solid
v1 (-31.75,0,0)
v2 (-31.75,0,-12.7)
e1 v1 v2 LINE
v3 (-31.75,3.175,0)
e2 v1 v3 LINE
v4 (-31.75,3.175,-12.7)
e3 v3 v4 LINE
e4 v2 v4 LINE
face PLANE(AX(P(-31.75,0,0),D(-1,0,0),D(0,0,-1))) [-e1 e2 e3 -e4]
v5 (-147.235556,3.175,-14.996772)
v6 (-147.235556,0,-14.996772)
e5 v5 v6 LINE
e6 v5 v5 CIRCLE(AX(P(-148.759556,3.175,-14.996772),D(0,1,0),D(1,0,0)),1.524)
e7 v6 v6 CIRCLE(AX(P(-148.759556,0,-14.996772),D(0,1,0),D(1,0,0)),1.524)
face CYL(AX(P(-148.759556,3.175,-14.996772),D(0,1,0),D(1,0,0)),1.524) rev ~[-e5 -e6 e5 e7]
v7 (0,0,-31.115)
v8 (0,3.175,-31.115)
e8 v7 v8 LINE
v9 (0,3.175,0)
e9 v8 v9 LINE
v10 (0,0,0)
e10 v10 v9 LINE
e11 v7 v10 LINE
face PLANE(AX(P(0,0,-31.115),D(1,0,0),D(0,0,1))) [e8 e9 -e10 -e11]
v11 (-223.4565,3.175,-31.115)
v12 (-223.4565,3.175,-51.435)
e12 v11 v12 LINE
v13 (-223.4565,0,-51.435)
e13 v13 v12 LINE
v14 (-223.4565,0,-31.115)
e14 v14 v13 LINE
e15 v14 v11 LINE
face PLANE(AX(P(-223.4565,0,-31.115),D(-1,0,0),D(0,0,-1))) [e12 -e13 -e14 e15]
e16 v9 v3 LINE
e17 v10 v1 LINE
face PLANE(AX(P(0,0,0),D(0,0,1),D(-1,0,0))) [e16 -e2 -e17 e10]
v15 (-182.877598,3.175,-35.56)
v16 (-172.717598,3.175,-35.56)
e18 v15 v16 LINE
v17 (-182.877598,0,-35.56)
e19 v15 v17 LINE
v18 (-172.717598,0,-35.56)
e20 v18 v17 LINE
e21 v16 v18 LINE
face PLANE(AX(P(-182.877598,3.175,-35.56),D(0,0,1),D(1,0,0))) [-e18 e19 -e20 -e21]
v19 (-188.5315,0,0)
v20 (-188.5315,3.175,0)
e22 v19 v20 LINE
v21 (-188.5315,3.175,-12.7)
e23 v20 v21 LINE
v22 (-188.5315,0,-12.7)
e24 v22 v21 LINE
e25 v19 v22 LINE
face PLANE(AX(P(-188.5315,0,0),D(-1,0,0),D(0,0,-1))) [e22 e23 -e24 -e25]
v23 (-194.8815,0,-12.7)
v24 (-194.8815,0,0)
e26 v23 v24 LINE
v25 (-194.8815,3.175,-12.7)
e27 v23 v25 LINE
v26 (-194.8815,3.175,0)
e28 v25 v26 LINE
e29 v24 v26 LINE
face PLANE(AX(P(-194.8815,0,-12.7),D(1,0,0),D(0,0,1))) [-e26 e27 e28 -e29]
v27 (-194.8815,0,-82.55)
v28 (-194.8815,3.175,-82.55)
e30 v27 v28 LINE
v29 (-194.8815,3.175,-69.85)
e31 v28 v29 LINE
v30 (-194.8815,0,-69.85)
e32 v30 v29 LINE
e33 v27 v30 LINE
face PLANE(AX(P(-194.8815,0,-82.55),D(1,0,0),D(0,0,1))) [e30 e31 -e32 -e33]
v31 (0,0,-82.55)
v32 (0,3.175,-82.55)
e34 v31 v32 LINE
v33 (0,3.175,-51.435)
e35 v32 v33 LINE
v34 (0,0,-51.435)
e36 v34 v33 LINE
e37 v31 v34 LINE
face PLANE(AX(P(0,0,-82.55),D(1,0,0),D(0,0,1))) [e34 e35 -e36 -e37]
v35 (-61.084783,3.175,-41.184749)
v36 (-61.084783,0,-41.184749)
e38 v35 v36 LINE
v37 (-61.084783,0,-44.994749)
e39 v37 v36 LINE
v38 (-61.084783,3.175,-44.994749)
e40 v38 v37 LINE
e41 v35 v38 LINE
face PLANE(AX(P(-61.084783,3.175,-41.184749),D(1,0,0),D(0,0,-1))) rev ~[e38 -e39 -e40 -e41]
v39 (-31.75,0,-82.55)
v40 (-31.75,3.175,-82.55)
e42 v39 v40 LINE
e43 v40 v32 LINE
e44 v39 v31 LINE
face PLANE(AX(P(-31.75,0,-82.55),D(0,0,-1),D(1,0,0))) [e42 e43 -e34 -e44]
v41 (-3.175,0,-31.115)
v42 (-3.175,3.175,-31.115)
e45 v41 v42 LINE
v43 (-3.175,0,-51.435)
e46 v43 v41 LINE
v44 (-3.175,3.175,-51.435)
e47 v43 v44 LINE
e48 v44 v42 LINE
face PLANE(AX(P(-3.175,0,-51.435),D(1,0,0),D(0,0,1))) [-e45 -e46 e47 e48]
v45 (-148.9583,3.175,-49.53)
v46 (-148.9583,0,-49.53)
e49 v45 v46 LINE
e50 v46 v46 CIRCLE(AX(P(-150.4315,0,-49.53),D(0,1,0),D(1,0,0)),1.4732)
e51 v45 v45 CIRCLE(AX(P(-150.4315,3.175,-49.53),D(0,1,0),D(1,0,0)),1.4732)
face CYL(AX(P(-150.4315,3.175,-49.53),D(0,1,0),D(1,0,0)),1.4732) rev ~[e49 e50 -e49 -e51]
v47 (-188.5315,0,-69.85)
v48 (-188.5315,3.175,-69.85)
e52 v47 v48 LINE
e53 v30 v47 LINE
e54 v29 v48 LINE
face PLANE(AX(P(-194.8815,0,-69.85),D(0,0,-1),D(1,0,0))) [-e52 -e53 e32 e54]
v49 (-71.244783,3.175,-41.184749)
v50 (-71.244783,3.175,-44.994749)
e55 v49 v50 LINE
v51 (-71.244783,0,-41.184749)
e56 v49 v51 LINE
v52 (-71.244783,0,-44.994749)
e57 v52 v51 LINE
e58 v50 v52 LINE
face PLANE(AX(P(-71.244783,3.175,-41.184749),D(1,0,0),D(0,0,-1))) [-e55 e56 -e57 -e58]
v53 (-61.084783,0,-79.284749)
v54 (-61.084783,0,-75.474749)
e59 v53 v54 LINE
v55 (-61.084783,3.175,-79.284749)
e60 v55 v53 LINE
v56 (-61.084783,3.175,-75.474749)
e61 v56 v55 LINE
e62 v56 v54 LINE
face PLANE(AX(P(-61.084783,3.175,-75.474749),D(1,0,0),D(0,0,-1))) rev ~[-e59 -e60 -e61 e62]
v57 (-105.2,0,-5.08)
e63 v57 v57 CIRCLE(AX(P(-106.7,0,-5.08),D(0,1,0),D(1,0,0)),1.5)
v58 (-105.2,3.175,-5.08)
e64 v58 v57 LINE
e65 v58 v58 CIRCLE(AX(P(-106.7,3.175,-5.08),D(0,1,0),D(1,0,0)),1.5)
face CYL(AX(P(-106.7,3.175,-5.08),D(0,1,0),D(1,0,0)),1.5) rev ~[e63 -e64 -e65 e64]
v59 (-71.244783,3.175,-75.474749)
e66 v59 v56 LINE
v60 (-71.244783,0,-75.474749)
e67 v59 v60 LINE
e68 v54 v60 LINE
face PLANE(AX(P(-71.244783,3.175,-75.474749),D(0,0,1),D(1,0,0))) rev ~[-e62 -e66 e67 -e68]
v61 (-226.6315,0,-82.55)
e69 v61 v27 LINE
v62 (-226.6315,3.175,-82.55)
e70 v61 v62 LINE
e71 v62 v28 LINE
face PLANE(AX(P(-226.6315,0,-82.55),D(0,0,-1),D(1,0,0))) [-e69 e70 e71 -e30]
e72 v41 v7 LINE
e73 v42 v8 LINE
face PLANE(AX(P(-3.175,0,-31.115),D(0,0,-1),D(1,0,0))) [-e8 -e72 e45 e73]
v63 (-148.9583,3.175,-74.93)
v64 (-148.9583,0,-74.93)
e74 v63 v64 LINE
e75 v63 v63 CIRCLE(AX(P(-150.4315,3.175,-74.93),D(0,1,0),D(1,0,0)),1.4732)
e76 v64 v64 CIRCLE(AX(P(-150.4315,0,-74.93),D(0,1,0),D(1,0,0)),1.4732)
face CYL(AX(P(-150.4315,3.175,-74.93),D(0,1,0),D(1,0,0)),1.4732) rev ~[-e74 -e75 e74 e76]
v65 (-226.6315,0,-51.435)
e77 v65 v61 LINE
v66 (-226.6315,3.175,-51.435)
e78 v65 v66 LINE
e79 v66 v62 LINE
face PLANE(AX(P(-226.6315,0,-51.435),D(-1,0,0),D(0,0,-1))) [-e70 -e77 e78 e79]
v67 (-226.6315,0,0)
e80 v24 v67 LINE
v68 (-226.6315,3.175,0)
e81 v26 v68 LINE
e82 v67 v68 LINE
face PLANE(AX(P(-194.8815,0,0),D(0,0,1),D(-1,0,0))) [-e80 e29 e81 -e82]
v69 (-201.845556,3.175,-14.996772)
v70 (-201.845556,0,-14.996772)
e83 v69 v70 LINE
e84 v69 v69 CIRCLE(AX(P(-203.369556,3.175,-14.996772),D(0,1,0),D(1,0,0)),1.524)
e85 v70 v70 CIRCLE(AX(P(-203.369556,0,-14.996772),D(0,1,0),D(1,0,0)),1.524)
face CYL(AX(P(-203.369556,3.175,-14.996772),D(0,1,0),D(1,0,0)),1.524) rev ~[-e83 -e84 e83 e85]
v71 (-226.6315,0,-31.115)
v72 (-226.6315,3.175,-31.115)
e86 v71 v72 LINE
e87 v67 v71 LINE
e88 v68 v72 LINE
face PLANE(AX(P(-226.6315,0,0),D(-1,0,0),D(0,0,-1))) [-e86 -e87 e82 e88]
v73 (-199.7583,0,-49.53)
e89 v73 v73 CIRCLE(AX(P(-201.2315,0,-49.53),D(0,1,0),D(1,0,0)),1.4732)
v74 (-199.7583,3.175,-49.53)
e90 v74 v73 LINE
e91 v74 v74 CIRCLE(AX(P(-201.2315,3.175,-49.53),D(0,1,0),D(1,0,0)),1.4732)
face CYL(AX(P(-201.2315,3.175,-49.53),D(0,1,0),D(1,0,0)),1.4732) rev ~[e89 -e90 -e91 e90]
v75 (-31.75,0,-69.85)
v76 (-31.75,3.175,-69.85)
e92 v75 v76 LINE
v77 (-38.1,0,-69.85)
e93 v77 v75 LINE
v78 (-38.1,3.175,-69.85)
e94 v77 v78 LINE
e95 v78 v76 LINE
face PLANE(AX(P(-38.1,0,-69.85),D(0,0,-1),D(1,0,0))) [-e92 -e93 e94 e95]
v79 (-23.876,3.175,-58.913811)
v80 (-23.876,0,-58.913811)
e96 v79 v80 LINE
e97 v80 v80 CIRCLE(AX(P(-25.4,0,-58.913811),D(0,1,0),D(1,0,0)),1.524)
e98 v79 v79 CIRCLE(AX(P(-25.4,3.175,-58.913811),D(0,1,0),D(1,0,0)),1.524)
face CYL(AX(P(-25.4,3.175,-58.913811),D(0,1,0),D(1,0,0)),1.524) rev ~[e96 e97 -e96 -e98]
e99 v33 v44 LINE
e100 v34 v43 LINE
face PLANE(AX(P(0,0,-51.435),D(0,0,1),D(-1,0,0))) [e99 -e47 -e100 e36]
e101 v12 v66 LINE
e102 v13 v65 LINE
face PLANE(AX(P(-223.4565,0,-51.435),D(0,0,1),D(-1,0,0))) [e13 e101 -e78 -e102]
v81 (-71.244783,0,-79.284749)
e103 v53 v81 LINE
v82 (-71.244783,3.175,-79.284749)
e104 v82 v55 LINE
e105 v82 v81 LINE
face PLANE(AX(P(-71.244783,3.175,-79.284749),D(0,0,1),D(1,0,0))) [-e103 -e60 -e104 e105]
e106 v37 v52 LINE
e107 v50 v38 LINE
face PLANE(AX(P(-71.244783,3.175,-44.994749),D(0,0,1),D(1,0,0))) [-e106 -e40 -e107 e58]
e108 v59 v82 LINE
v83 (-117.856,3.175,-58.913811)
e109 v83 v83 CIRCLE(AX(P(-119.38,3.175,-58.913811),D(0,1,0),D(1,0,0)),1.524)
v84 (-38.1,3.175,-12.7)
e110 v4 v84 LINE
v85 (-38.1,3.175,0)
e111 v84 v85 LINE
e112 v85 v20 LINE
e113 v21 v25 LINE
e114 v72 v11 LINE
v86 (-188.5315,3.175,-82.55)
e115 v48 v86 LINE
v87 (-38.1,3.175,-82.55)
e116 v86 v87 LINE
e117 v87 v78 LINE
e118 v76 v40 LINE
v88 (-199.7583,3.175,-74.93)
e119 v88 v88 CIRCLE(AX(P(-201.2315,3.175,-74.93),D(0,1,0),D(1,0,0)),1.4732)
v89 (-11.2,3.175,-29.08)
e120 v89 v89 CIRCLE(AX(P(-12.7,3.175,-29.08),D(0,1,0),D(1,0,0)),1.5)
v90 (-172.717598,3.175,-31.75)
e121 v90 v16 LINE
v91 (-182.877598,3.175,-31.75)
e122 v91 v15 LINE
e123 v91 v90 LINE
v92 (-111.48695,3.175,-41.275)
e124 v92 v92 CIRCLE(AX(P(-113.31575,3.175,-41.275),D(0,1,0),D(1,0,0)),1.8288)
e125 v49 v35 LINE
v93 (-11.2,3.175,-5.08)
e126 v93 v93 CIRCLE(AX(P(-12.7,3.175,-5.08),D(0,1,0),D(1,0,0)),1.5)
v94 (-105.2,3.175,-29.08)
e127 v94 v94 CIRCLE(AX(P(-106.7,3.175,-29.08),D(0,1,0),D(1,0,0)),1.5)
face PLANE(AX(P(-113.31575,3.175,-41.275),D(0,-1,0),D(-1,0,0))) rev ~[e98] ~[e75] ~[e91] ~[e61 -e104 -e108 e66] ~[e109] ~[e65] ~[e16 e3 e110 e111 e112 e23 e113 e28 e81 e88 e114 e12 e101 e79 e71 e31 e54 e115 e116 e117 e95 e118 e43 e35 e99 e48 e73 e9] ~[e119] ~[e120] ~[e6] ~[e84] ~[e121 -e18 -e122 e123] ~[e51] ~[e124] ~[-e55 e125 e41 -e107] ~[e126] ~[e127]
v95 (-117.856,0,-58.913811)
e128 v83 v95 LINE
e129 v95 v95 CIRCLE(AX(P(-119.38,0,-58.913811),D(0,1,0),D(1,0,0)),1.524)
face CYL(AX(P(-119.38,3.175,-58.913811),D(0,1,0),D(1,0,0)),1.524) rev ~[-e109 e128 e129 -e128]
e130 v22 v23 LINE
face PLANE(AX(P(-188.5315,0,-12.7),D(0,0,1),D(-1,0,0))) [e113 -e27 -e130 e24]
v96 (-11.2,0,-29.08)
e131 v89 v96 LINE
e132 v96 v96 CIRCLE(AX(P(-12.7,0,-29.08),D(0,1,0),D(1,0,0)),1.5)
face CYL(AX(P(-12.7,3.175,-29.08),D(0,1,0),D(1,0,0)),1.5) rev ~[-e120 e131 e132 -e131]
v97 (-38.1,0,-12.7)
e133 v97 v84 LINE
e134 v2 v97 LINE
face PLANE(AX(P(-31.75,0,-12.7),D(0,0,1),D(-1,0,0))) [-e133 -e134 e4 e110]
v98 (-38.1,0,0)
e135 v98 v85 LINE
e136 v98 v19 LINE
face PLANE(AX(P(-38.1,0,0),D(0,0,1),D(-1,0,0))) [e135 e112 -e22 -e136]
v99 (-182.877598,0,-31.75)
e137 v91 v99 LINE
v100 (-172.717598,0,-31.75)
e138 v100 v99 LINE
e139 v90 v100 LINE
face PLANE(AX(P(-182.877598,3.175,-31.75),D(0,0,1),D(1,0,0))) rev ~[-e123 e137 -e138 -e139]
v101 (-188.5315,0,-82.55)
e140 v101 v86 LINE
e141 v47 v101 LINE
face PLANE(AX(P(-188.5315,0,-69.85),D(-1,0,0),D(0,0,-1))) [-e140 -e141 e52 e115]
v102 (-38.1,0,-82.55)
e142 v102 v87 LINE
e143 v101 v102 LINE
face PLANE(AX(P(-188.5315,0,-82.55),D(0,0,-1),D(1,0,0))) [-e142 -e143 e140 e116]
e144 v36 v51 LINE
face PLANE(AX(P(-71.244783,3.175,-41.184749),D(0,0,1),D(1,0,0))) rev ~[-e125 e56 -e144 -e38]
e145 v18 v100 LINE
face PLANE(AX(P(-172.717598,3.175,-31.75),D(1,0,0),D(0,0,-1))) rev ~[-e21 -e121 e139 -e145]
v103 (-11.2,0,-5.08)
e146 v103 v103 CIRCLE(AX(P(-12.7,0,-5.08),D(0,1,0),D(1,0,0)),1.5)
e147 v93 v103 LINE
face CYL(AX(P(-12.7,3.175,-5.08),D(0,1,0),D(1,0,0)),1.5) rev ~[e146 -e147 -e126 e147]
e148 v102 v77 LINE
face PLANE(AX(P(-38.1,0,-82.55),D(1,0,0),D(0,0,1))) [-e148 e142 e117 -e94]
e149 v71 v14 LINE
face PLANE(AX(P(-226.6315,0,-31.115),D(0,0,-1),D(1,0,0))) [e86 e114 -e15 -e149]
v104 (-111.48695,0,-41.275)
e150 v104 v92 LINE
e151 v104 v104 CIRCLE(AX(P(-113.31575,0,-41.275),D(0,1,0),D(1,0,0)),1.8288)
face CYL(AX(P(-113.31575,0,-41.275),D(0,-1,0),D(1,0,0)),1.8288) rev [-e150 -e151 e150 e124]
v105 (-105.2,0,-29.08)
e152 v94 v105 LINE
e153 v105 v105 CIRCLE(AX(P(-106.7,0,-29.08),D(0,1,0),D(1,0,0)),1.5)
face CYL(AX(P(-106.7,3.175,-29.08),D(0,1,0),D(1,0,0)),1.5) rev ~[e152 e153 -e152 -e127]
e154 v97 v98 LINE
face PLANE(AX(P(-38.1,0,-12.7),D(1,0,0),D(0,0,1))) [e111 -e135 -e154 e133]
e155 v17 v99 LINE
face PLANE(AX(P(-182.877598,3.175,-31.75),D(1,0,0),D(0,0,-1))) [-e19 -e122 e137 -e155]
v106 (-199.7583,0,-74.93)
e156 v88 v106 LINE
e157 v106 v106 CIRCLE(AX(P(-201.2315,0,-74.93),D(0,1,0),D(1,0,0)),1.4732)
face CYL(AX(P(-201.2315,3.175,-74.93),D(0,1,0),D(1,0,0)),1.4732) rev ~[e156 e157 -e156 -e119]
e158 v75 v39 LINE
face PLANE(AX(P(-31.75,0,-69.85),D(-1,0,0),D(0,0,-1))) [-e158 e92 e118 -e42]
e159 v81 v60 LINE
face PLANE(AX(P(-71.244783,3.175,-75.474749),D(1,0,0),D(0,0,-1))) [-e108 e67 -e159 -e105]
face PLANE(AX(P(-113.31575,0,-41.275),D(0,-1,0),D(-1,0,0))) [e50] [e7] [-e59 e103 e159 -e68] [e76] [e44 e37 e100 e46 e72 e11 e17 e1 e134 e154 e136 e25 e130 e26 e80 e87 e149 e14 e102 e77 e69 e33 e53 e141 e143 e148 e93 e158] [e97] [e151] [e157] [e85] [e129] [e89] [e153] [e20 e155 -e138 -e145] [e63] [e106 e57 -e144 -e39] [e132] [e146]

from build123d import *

# Parameters (mm, degrees)
SKETCH1_R           = 1.8288
BOSS_EXTRUDE1_DEPTH = 3.175
SKETCH3_R           = 1.5
CUT_EXTRUDE1_DEPTH  = 4.175
SKETCH4_R           = 1.4732
CUT_EXTRUDE2_DEPTH  = 4.175
SKETCH5_R           = 1.524
SKETCH5_W           = 10.16
SKETCH5_H           = 3.81
CUT_EXTRUDE3_DEPTH  = 4.175


with BuildPart() as part:
    # Sketch1 → Boss-Extrude1 (new body)
    with BuildSketch(Plane(origin=(0, 0, 0), x_dir=(1, 0, 0), z_dir=(0, 1, 0))):
        Polygon((-226.6315, 82.55), (-194.8815, 82.55), (-194.8815, 69.85), (-188.5315, 69.85), (-188.5315, 82.55), (-38.1, 82.55), (-38.1, 69.85), (-31.75, 69.85), (-31.75, 82.55), (0, 82.55), (0, 51.435), (-3.175, 51.435), (-3.175, 31.115), (0, 31.115), (0, 0), (-31.75, 0), (-31.75, 12.7), (-38.1, 12.7), (-38.1, 0), (-188.5315, 0), (-188.5315, 12.7), (-194.8815, 12.7), (-194.8815, 0), (-226.6315, 0), (-226.6315, 31.115), (-223.4565, 31.115), (-223.4565, 51.435), (-226.6315, 51.435), align=None)
        with Locations((-113.31575, 41.275)):
            Circle(SKETCH1_R, mode=Mode.SUBTRACT)
    extrude(amount=BOSS_EXTRUDE1_DEPTH)

    # Sketch3 → Cut-Extrude1 (cut, through all)
    with BuildSketch(Plane(origin=(0, 3.175, 0), x_dir=(1, 0, 0), z_dir=(0, 1, 0))):
        with Locations((-106.7, 29.08)):
            Circle(SKETCH3_R)
        with Locations((-106.7, 5.08)):
            Circle(SKETCH3_R)
        with Locations((-12.7, 5.08)):
            Circle(SKETCH3_R)
        with Locations((-12.7, 29.08)):
            Circle(SKETCH3_R)
    extrude(amount=-CUT_EXTRUDE1_DEPTH, mode=Mode.SUBTRACT)

    # Sketch4 → Cut-Extrude2 (cut, through all)
    with BuildSketch(Plane(origin=(0, 3.175, 0), x_dir=(1, 0, 0), z_dir=(0, 1, 0))):
        with Locations((-150.4315, 49.53)):
            Circle(SKETCH4_R)
        with Locations((-150.4315, 74.93)):
            Circle(SKETCH4_R)
        with Locations((-201.2315, 74.93)):
            Circle(SKETCH4_R)
        with Locations((-201.2315, 49.53)):
            Circle(SKETCH4_R)
    extrude(amount=-CUT_EXTRUDE2_DEPTH, mode=Mode.SUBTRACT)

    # Sketch5 → Cut-Extrude3 (cut, through all)
    with BuildSketch(Plane(origin=(0, 3.175, 0), x_dir=(1, 0, 0), z_dir=(0, 1, 0))):
        with Locations((-203.369556456, 14.996771974)):
            Circle(SKETCH5_R)
        with Locations((-148.759556456, 14.996771974)):
            Circle(SKETCH5_R)
        with Locations((-25.4, 58.913810593)):
            Circle(SKETCH5_R)
        with Locations((-119.38, 58.913810593)):
            Circle(SKETCH5_R)
        with Locations((-177.797598384, 33.655)):
            Rectangle(SKETCH5_W, SKETCH5_H)
        with Locations((-66.164783375, 43.089749173)):
            Rectangle(SKETCH5_W, SKETCH5_H)
        with Locations((-66.164783375, 77.379749173)):
            Rectangle(SKETCH5_W, SKETCH5_H)
    extrude(amount=-CUT_EXTRUDE3_DEPTH, mode=Mode.SUBTRACT)


solid = part.part
